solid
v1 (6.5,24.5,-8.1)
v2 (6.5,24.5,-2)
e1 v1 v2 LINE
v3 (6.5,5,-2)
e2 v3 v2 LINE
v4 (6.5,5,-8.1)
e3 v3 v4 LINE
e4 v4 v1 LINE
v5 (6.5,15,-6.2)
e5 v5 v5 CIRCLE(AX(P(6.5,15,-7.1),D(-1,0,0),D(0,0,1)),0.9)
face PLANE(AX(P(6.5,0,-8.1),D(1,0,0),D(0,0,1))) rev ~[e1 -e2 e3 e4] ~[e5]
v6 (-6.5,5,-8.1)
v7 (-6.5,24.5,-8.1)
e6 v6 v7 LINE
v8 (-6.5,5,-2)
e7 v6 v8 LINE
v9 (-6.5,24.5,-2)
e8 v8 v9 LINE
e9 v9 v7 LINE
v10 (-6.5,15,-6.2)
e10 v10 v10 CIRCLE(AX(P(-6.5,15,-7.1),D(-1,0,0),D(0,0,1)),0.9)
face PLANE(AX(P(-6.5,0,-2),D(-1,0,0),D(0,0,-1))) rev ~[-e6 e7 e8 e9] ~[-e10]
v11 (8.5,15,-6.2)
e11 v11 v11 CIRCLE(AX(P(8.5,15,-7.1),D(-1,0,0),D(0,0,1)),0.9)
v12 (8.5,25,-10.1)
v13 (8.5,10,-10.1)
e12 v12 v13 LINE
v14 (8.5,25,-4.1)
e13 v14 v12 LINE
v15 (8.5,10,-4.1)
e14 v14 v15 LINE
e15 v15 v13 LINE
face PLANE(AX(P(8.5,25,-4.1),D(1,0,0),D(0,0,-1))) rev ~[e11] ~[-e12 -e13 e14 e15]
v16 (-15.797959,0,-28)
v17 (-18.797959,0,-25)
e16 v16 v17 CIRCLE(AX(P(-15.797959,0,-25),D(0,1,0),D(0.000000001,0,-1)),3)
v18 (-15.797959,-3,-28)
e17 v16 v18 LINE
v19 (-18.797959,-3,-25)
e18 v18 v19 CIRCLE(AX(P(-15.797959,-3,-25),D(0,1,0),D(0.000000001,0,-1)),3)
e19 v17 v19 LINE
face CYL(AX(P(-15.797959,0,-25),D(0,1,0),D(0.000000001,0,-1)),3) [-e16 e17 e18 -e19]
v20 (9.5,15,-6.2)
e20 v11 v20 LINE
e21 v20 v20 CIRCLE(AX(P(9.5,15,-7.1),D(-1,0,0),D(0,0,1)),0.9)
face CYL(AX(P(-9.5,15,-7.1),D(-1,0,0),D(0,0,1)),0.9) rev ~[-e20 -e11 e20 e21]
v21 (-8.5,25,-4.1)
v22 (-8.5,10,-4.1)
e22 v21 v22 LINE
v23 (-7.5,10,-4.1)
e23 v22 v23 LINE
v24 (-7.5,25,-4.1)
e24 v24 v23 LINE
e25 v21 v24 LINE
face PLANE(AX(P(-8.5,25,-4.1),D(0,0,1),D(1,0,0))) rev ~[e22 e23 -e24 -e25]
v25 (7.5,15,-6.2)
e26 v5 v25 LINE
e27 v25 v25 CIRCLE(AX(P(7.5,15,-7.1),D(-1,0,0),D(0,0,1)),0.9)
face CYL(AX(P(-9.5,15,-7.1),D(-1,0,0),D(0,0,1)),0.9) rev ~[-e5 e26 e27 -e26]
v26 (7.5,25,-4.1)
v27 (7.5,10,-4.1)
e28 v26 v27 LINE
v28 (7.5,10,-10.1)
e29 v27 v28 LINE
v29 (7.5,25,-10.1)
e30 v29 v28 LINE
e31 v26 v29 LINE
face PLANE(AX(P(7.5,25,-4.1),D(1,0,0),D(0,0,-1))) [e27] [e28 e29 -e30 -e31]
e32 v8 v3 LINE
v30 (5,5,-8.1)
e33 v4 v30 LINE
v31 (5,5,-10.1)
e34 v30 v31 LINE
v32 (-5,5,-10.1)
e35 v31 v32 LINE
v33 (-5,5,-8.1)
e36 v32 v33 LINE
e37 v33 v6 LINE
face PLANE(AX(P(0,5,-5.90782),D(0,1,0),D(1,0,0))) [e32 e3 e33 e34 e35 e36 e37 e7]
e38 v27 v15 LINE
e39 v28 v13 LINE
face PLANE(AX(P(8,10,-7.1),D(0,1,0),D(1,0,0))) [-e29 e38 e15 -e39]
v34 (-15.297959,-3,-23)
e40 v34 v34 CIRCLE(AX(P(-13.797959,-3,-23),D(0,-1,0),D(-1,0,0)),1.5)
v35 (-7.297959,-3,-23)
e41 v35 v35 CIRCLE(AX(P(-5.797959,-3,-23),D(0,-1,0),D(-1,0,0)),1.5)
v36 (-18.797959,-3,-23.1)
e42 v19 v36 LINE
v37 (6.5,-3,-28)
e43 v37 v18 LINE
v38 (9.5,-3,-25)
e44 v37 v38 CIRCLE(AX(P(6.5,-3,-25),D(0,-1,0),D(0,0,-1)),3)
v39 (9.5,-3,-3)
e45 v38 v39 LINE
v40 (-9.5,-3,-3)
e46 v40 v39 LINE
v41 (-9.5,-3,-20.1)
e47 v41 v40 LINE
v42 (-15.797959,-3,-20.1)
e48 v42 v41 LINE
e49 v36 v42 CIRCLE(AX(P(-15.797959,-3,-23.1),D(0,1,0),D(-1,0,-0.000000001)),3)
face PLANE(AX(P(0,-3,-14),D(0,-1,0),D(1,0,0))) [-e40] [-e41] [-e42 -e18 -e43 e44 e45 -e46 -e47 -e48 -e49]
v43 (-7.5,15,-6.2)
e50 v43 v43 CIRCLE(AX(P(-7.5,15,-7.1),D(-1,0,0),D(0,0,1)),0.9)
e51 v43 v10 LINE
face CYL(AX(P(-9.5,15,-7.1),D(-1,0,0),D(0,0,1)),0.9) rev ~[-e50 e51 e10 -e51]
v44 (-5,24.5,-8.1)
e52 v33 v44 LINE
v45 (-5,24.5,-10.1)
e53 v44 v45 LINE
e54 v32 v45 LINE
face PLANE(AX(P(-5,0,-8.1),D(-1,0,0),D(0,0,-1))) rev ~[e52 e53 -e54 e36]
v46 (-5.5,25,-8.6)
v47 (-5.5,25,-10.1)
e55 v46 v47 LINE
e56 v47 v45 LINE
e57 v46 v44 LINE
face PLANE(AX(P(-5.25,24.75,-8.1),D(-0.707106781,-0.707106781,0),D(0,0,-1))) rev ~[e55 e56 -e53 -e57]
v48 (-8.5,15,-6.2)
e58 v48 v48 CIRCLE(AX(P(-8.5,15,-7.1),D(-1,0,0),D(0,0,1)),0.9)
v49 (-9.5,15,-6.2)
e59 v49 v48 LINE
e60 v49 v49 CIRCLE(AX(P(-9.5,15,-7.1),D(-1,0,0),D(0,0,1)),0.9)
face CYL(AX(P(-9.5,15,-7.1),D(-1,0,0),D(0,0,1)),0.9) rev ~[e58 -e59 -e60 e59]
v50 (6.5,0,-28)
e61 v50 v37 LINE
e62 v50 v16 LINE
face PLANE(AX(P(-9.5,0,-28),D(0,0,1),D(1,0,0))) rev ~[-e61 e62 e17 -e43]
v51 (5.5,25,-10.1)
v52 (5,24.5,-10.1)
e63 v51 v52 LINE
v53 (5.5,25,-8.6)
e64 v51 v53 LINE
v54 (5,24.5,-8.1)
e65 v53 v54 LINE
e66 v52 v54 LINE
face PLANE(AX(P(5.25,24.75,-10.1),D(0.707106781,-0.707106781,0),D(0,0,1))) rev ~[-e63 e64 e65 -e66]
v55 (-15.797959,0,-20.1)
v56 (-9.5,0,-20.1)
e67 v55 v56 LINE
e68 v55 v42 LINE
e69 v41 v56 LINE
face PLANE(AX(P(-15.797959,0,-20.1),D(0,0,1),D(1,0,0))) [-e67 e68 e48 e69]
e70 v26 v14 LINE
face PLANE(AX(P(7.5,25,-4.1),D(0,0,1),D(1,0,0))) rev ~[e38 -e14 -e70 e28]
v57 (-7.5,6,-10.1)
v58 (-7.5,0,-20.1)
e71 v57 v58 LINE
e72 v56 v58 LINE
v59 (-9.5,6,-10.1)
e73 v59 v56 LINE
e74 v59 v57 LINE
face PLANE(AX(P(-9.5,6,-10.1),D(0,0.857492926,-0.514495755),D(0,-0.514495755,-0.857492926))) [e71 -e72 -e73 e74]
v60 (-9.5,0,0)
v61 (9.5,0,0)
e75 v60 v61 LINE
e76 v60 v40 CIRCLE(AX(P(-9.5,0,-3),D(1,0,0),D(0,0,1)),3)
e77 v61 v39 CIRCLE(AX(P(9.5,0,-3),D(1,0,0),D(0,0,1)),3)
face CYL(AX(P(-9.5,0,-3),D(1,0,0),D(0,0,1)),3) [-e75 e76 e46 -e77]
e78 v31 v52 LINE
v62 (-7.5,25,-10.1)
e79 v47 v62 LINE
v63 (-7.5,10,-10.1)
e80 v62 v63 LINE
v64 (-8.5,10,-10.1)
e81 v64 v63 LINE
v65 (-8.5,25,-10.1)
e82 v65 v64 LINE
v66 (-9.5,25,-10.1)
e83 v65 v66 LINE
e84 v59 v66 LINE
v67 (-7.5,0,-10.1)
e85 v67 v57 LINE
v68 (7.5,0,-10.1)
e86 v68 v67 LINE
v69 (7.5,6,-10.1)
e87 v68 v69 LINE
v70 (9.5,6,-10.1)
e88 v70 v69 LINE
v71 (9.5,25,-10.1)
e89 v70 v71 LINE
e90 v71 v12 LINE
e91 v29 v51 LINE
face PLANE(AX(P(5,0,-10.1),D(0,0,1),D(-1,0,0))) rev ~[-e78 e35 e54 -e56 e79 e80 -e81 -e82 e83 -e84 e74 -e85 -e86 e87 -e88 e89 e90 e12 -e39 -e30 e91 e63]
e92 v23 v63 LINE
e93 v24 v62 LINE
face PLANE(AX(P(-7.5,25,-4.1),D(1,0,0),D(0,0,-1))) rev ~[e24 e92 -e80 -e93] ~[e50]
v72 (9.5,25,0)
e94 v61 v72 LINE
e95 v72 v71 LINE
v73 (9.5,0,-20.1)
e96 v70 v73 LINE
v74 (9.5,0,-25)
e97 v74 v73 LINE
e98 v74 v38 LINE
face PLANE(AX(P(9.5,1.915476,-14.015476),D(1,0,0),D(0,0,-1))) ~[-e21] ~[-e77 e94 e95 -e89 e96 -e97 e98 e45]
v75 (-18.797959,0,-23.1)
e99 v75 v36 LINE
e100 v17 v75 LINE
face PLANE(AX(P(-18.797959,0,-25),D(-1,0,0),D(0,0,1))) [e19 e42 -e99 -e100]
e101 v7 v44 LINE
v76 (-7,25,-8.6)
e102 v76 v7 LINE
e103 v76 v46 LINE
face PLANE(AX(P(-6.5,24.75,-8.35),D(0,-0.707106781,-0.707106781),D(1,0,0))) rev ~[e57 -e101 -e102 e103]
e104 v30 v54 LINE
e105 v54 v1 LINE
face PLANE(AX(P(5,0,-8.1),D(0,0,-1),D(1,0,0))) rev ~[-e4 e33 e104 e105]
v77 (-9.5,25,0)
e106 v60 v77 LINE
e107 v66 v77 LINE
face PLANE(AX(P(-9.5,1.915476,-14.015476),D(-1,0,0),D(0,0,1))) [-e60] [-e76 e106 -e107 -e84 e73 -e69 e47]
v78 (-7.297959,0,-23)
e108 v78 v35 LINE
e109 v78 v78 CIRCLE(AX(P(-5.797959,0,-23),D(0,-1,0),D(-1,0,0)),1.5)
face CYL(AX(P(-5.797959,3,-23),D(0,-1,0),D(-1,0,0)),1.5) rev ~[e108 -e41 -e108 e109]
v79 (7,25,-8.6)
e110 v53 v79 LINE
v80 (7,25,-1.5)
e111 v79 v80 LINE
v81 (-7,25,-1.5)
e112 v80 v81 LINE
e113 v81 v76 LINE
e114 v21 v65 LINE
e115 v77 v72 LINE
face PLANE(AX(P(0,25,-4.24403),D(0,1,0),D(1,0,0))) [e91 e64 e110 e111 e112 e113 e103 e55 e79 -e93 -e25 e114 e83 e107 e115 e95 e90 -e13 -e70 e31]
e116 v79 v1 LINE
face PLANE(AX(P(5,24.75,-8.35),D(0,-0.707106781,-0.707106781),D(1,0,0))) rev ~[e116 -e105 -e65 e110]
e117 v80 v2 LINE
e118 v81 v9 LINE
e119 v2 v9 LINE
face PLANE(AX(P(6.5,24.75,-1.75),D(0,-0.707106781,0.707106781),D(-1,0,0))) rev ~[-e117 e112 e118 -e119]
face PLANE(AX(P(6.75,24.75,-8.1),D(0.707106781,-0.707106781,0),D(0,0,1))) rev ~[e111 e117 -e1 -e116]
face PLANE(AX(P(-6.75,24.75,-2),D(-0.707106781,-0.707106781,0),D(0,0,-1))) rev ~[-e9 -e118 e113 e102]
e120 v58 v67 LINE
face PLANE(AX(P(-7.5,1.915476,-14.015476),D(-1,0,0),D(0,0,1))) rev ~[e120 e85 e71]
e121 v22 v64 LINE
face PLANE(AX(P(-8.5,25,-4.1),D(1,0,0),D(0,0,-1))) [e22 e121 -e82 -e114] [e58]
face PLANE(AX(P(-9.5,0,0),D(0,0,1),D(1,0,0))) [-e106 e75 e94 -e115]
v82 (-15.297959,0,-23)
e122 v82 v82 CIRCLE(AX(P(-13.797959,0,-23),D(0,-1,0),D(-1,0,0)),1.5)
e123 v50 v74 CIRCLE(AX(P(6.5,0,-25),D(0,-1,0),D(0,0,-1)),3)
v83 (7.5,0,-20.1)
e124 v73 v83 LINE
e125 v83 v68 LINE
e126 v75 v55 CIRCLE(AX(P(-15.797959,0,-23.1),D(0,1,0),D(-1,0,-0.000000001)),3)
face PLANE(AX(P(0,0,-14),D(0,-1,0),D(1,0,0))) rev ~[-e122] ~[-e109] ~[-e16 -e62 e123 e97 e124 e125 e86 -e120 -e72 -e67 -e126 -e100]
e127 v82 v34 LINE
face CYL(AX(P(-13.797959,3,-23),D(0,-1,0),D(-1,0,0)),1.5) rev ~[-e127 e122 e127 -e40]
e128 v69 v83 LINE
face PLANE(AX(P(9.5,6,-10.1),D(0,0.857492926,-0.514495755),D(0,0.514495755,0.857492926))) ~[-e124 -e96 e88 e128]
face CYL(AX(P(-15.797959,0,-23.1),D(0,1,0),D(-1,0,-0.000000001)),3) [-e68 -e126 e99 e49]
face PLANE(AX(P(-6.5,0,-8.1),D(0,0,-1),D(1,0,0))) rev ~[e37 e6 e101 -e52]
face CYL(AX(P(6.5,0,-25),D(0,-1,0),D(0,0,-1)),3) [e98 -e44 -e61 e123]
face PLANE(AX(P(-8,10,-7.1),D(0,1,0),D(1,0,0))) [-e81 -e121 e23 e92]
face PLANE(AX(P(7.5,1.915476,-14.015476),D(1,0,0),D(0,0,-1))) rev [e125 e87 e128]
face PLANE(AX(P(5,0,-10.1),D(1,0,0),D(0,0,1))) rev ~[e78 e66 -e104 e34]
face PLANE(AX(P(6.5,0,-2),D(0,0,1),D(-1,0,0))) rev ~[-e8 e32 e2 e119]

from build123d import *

# Parameters (mm, degrees)
EXTRUDE_1_DEPTH           = 25
SKETCH_2_W                = 19
SKETCH_2_H                = 28
SKETCH_2_R                = 1.5
EXTRUDE_2_DEPTH           = 3
SKETCH_3_W                = 1
SKETCH_3_H                = 6
CUT_EXTRUDE_1_DEPTH       = 15
SKETCH_4_R                = 0.9
CUT_EXTRUDE_2_DEPTH       = 19
FILLET_1_R                = 3
EXTRUDE_3_DEPTH           = 2
EXTRUDE_4_DEPTH           = 5
FILLET_2_R                = 3
CHAMFER_1_SIZE            = 0.5
EXTRUDE_5_DEPTH           = 3
HOLE_WIZARD_3_0_3_1_D     = 3
HOLE_WIZARD_3_0_3_1_DEPTH = 3


with BuildPart() as part:
    # 草图1 → 凸台-拉伸1 (new body)
    with BuildSketch(Plane(origin=(0, 0, 0), x_dir=(1, 0, 0), z_dir=(0, 1, 0))):
        Polygon((-9.5, 10.1), (-9.5, 0), (9.5, 0), (9.5, 10.1), (5, 10.1), (5, 8.1), (6.5, 8.1), (6.5, 2), (-6.5, 2), (-6.5, 8.1), (-5, 8.1), (-5, 10.1), align=None)
    extrude(amount=EXTRUDE_1_DEPTH)

    # 草图2 → 凸台-拉伸2 (add)
    with BuildSketch(Plane.XZ):
        with Locations((0, -14)):
            Rectangle(SKETCH_2_W, SKETCH_2_H)
        with Locations((4, -25)):
            Circle(SKETCH_2_R, mode=Mode.SUBTRACT)
        with Locations((-4, -25)):
            Circle(SKETCH_2_R, mode=Mode.SUBTRACT)
    extrude(amount=EXTRUDE_2_DEPTH)

    # 草图3 → 切除-拉伸1 (cut)
    with BuildSketch(Plane(origin=(0, 25, 0), x_dir=(1, 0, 0), z_dir=(0, 1, 0))):
        with Locations((-8, 7.1)):
            Rectangle(SKETCH_3_W, SKETCH_3_H)
        with Locations((8, 7.1)):
            Rectangle(SKETCH_3_W, SKETCH_3_H)
    extrude(amount=-CUT_EXTRUDE_1_DEPTH, mode=Mode.SUBTRACT)

    # 草图4 → 切除-拉伸2 (cut)
    with BuildSketch(Plane.ZY.offset(9.5)):
        with Locations((-7.1, 15)):
            Circle(SKETCH_4_R)
    extrude(amount=-CUT_EXTRUDE_2_DEPTH, mode=Mode.SUBTRACT)

    # 圆角1
    fillet_1_edges = [part.edges().sort_by_distance(p)[0] for p in [
        (9.5, -1.5, -28),
        (-9.5, -1.5, -28),
    ]]
    fillet(fillet_1_edges, radius=FILLET_1_R)

    # 草图5 → 凸台-拉伸3 (add)
    with BuildSketch(Plane.ZY.offset(9.5)):
        Polygon((-10.1, 0), (-10.1, 6), (-20.1, 0), align=None)
    extrude_3 = extrude(amount=-EXTRUDE_3_DEPTH)

    # 镜向1: 凸台-拉伸3 across plane
    add(extrude_3.mirror(Plane(origin=(0, 0, 0), x_dir=(0, 0, 1), z_dir=(1, 0, 0))))

    # 草图6 → 凸台-拉伸4 (add)
    with BuildSketch(Plane(origin=(0, 0, 0), x_dir=(1, 0, 0), z_dir=(0, 1, 0))):
        Polygon((-6.5, 2), (6.5, 2), (6.5, 8.1), (5, 8.1), (5, 10.1), (-5, 10.1), (-5, 8.1), (-6.5, 8.1), align=None)
    extrude(amount=EXTRUDE_4_DEPTH)

    # 圆角2
    fillet_2_edges = [part.edges().sort_by_distance(p)[0] for p in [
        (0, -3, 0),
    ]]
    fillet(fillet_2_edges, radius=FILLET_2_R)

    # 倒角1
    chamfer_1_edges = [part.edges().sort_by_distance(p)[0] for p in [
        (5, 25, -9.1),
        (5.75, 25, -8.1),
        (6.5, 25, -5.05),
        (0, 25, -2),
        (-6.5, 25, -5.05),
        (-5.75, 25, -8.1),
        (-5, 25, -9.1),
    ]]
    chamfer(chamfer_1_edges, length=CHAMFER_1_SIZE)

    # 草图7 → 凸台-拉伸5 (add)
    with BuildSketch(Plane(origin=(0, 0, 0), x_dir=(1, 0, 0), z_dir=(0, 1, 0))):
        with BuildLine():
            Line((6.5, 28), (-15.797958971, 28))
            ThreePointArc((-15.797958971, 28), (-17.919279315, 27.121320344), (-18.797958971, 25))
            Line((-18.797958971, 25), (-18.797958971, 23.1))
            ThreePointArc((-18.797958971, 23.1), (-17.919279315, 20.978679656), (-15.797958971, 20.1))
            Line((-15.797958971, 20.1), (6.5, 20.1))
            Line((6.5, 20.1), (6.5, 28))
        make_face()
    extrude(amount=-EXTRUDE_5_DEPTH)

    # Ø3.0 (3) 直径孔1
    with Locations(Plane(origin=(0, 0, 0), x_dir=(1, 0, 0), z_dir=(0, 1, 0))):
        with Locations((-5.797958971, 23), (-13.797958971, 23)):
            Hole(HOLE_WIZARD_3_0_3_1_D / 2, depth=HOLE_WIZARD_3_0_3_1_DEPTH)


solid = part.part
